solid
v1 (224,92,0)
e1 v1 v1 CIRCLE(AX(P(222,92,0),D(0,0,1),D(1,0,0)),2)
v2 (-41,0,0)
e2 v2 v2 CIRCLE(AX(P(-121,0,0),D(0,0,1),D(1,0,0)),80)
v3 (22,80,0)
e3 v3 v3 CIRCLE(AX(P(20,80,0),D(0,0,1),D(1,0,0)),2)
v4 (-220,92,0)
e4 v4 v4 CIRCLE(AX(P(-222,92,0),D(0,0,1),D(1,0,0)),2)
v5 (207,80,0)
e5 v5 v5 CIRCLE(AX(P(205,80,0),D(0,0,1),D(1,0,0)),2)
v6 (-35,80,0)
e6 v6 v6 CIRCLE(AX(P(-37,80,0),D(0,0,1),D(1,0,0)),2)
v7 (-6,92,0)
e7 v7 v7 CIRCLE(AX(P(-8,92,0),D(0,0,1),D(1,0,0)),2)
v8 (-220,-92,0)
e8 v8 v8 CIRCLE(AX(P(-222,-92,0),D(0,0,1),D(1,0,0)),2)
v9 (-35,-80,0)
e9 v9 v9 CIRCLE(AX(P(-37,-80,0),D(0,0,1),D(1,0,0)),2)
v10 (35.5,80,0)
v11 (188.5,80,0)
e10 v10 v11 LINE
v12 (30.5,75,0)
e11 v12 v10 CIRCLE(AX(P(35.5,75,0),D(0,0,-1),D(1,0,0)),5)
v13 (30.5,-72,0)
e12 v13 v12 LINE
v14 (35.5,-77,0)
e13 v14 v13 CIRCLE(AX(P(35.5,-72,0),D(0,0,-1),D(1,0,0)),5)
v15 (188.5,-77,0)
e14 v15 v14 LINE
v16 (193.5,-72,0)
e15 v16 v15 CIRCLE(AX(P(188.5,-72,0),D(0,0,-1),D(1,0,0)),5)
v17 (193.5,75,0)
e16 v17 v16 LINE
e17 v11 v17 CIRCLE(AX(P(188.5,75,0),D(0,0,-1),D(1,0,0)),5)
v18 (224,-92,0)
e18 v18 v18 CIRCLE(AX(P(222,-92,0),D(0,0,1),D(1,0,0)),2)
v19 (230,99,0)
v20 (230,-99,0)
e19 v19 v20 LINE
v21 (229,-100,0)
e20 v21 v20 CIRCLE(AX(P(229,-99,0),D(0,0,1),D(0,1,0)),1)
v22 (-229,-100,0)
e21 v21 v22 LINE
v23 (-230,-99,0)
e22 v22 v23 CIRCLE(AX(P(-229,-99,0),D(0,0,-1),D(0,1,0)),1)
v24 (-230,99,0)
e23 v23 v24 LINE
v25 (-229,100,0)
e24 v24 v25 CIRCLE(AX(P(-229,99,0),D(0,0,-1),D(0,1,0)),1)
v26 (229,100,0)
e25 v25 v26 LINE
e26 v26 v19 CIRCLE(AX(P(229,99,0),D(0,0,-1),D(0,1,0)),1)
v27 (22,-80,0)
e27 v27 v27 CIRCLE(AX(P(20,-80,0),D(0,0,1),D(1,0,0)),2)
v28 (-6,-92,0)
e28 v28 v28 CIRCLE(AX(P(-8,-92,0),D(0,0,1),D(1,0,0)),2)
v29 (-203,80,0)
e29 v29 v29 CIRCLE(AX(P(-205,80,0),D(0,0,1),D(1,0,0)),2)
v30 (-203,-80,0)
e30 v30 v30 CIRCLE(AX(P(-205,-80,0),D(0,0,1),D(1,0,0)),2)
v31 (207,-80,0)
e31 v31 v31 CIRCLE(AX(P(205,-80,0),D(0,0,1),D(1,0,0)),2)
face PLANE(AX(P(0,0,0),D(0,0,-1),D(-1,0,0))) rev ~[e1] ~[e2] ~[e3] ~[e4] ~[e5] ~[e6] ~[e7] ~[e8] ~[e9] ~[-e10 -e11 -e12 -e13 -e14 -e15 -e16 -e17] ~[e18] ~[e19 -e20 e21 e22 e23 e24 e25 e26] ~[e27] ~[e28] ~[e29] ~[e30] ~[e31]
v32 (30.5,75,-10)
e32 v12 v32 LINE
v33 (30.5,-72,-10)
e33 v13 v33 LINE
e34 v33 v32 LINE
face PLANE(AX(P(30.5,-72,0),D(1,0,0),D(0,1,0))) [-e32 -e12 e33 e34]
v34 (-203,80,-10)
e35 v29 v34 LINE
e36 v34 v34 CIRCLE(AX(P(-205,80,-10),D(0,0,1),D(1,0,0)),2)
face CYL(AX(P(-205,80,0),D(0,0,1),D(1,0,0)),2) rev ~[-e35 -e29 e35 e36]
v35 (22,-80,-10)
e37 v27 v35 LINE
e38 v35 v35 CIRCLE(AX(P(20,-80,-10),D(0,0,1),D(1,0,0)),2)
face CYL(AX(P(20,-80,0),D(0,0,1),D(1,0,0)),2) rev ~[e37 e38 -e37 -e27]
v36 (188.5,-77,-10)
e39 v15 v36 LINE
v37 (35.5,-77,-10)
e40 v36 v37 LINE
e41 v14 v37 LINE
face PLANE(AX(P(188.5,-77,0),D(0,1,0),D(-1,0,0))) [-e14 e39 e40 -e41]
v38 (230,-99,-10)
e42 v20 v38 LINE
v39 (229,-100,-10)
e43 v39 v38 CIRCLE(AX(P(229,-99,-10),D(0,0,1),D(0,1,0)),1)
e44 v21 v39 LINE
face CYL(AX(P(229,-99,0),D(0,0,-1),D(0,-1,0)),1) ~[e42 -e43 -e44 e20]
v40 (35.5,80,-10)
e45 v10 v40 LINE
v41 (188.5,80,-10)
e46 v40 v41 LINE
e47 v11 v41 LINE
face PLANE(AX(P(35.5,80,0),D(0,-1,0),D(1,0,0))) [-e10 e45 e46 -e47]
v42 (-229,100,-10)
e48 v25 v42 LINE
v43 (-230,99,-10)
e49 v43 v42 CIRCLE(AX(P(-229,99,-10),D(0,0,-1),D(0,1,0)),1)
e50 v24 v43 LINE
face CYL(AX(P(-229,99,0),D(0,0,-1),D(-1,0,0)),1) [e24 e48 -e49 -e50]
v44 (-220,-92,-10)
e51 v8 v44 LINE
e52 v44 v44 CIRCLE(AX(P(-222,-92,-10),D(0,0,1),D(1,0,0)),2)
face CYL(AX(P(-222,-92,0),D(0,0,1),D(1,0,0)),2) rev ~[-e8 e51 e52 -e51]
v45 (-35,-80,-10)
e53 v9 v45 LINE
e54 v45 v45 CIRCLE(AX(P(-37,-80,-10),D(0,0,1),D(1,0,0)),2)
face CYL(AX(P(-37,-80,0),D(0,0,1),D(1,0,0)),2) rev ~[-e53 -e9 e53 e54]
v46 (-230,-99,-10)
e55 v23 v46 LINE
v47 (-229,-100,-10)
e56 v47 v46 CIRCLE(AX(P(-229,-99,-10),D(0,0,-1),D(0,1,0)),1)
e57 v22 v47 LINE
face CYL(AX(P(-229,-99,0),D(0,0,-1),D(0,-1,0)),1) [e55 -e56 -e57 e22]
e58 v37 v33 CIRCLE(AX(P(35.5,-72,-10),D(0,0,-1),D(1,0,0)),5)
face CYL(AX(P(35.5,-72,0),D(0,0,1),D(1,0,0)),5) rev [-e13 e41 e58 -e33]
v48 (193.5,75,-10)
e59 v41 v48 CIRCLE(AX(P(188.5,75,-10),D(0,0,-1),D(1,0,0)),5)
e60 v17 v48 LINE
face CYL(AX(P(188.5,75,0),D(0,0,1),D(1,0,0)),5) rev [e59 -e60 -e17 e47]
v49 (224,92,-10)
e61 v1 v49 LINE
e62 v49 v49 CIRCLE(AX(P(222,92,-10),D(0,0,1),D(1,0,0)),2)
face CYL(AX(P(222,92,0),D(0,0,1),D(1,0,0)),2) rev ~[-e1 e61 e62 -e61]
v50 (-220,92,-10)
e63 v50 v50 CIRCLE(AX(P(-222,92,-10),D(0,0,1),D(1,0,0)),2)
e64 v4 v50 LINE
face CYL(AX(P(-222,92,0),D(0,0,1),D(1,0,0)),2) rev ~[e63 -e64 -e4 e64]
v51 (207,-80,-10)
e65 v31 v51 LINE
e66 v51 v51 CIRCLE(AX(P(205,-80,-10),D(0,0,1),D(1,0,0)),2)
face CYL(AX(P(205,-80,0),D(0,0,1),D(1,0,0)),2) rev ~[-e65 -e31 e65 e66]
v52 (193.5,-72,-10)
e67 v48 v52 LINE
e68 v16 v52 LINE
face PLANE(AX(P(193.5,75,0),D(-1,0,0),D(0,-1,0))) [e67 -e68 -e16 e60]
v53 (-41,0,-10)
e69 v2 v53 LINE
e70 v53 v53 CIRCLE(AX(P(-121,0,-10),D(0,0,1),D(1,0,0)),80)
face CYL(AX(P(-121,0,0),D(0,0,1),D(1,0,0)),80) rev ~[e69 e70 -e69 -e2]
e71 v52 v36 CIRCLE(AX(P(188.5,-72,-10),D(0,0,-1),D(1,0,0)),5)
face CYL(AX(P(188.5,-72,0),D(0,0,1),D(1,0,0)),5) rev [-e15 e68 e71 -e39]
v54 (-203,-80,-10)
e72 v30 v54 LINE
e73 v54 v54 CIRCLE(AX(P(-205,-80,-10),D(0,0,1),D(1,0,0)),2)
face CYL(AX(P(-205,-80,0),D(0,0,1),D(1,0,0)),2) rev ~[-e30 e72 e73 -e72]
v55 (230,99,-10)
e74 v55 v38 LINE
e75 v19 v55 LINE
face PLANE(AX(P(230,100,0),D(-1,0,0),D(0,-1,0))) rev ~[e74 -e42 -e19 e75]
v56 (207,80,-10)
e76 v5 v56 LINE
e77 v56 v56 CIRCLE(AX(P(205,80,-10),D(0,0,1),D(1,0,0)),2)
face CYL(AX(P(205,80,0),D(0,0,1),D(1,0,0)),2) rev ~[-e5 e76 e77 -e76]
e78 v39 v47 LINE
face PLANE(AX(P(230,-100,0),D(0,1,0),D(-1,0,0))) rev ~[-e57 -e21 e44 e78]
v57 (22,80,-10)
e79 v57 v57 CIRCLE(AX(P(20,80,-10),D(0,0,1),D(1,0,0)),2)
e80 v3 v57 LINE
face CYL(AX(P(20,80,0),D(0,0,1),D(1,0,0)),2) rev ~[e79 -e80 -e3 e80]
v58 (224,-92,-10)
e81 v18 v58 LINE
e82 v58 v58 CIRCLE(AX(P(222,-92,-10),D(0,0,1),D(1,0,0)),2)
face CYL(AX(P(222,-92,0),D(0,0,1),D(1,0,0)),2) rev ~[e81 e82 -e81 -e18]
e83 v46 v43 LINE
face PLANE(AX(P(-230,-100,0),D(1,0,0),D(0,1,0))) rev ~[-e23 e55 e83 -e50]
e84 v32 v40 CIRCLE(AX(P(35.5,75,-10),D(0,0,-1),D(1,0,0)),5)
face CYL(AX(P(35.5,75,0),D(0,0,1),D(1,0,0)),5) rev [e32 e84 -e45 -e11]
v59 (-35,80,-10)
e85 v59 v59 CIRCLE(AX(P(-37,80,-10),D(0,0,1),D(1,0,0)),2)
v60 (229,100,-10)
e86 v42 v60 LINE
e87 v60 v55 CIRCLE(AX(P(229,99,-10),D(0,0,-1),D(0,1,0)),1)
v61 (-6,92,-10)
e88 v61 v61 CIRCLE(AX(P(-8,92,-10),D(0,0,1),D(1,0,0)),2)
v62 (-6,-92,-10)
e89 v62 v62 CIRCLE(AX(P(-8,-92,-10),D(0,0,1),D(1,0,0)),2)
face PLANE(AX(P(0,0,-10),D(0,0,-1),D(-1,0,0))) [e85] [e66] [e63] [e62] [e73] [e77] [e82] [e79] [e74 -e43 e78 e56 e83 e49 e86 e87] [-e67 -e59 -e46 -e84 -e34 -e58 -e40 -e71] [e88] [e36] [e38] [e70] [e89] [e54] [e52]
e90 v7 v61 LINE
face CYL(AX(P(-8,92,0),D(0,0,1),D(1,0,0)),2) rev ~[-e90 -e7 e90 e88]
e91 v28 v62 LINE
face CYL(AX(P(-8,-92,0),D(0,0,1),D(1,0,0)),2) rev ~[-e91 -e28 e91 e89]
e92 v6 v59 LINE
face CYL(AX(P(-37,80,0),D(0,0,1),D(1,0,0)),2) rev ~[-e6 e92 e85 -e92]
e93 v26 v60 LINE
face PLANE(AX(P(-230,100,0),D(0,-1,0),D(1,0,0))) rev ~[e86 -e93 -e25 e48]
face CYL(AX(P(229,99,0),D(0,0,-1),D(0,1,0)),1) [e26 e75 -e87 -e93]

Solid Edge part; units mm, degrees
sketch "Sketch1" plane through (0, 0, 0) normal (0, 0, 1) x (1, 0, 0)
  circle A0 centre (-37, -80) radius 2
  circle A1 centre (-121, 0) radius 80
  circle A2 centre (205, 80) radius 2
  circle A3 centre (20, 80) radius 2
  circle A4 centre (205, -80) radius 2
  line L0 (230, -100) -> (-230, -100)
  line L1 (-230, -100) -> (-230, 100)
  line L2 (-230, 100) -> (230, 100)
  line L3 (230, 100) -> (230, -100)
  circle A5 centre (-37, 80) radius 2
  circle A6 centre (-205, -80) radius 2
  circle A7 centre (20, -80) radius 2
  circle A8 centre (-205, 80) radius 2
  circle A9 centre (222, 92) radius 2
  circle A10 centre (-222, 92) radius 2
  circle A11 centre (-222, -92) radius 2
  circle A12 centre (222, -92) radius 2
  circle A13 centre (-8, -92) radius 2
  circle A14 centre (-8, 92) radius 2
  arc A15 (193.5, -72) -> (188.5, -77) centre (188.5, -72) cw
  line L4 (188.5, -77) -> (35.5, -77)
  arc A16 (35.5, -77) -> (30.5, -72) centre (35.5, -72) cw
  line L5 (30.5, -72) -> (30.5, 75)
  arc A17 (30.5, 75) -> (35.5, 80) centre (35.5, 75) cw
  line L6 (35.5, 80) -> (188.5, 80)
  arc A18 (188.5, 80) -> (193.5, 75) centre (188.5, 75) cw
  line L7 (193.5, 75) -> (193.5, -72)
  dimension "D1" = 5
  dimension "D2" = 460
  dimension "D3" = 200
  dimension "D4" = 20
  dimension "D5" = 36.5
  dimension "D6" = 23
  dimension "D7" = 4
  dimension "D8" = 160
  dimension "D9" = 20
  dimension "D10" = 20
  dimension "D11" = 25
  dimension "D12" = 168
  dimension "D13" = 25
  dimension "D14" = 185
  dimension "D15" = 163
  dimension "D16" = 4
  dimension "D17" = 8
  dimension "D18" = 8
  dimension "D19" = 8
  dimension "D20" = 8
  dimension "D21" = 57
  dimension "D22" = 100
  dimension "D23" = 109
  dimension "D24" = 8
extrude "Protrusion1" add sketch "Sketch1" against normal blind 10
fillet "Round_1" radius 1 4 edges at (-230, -100, -5) (230, -100, -5) (230, 100, -5) (-230, 100, -5)
